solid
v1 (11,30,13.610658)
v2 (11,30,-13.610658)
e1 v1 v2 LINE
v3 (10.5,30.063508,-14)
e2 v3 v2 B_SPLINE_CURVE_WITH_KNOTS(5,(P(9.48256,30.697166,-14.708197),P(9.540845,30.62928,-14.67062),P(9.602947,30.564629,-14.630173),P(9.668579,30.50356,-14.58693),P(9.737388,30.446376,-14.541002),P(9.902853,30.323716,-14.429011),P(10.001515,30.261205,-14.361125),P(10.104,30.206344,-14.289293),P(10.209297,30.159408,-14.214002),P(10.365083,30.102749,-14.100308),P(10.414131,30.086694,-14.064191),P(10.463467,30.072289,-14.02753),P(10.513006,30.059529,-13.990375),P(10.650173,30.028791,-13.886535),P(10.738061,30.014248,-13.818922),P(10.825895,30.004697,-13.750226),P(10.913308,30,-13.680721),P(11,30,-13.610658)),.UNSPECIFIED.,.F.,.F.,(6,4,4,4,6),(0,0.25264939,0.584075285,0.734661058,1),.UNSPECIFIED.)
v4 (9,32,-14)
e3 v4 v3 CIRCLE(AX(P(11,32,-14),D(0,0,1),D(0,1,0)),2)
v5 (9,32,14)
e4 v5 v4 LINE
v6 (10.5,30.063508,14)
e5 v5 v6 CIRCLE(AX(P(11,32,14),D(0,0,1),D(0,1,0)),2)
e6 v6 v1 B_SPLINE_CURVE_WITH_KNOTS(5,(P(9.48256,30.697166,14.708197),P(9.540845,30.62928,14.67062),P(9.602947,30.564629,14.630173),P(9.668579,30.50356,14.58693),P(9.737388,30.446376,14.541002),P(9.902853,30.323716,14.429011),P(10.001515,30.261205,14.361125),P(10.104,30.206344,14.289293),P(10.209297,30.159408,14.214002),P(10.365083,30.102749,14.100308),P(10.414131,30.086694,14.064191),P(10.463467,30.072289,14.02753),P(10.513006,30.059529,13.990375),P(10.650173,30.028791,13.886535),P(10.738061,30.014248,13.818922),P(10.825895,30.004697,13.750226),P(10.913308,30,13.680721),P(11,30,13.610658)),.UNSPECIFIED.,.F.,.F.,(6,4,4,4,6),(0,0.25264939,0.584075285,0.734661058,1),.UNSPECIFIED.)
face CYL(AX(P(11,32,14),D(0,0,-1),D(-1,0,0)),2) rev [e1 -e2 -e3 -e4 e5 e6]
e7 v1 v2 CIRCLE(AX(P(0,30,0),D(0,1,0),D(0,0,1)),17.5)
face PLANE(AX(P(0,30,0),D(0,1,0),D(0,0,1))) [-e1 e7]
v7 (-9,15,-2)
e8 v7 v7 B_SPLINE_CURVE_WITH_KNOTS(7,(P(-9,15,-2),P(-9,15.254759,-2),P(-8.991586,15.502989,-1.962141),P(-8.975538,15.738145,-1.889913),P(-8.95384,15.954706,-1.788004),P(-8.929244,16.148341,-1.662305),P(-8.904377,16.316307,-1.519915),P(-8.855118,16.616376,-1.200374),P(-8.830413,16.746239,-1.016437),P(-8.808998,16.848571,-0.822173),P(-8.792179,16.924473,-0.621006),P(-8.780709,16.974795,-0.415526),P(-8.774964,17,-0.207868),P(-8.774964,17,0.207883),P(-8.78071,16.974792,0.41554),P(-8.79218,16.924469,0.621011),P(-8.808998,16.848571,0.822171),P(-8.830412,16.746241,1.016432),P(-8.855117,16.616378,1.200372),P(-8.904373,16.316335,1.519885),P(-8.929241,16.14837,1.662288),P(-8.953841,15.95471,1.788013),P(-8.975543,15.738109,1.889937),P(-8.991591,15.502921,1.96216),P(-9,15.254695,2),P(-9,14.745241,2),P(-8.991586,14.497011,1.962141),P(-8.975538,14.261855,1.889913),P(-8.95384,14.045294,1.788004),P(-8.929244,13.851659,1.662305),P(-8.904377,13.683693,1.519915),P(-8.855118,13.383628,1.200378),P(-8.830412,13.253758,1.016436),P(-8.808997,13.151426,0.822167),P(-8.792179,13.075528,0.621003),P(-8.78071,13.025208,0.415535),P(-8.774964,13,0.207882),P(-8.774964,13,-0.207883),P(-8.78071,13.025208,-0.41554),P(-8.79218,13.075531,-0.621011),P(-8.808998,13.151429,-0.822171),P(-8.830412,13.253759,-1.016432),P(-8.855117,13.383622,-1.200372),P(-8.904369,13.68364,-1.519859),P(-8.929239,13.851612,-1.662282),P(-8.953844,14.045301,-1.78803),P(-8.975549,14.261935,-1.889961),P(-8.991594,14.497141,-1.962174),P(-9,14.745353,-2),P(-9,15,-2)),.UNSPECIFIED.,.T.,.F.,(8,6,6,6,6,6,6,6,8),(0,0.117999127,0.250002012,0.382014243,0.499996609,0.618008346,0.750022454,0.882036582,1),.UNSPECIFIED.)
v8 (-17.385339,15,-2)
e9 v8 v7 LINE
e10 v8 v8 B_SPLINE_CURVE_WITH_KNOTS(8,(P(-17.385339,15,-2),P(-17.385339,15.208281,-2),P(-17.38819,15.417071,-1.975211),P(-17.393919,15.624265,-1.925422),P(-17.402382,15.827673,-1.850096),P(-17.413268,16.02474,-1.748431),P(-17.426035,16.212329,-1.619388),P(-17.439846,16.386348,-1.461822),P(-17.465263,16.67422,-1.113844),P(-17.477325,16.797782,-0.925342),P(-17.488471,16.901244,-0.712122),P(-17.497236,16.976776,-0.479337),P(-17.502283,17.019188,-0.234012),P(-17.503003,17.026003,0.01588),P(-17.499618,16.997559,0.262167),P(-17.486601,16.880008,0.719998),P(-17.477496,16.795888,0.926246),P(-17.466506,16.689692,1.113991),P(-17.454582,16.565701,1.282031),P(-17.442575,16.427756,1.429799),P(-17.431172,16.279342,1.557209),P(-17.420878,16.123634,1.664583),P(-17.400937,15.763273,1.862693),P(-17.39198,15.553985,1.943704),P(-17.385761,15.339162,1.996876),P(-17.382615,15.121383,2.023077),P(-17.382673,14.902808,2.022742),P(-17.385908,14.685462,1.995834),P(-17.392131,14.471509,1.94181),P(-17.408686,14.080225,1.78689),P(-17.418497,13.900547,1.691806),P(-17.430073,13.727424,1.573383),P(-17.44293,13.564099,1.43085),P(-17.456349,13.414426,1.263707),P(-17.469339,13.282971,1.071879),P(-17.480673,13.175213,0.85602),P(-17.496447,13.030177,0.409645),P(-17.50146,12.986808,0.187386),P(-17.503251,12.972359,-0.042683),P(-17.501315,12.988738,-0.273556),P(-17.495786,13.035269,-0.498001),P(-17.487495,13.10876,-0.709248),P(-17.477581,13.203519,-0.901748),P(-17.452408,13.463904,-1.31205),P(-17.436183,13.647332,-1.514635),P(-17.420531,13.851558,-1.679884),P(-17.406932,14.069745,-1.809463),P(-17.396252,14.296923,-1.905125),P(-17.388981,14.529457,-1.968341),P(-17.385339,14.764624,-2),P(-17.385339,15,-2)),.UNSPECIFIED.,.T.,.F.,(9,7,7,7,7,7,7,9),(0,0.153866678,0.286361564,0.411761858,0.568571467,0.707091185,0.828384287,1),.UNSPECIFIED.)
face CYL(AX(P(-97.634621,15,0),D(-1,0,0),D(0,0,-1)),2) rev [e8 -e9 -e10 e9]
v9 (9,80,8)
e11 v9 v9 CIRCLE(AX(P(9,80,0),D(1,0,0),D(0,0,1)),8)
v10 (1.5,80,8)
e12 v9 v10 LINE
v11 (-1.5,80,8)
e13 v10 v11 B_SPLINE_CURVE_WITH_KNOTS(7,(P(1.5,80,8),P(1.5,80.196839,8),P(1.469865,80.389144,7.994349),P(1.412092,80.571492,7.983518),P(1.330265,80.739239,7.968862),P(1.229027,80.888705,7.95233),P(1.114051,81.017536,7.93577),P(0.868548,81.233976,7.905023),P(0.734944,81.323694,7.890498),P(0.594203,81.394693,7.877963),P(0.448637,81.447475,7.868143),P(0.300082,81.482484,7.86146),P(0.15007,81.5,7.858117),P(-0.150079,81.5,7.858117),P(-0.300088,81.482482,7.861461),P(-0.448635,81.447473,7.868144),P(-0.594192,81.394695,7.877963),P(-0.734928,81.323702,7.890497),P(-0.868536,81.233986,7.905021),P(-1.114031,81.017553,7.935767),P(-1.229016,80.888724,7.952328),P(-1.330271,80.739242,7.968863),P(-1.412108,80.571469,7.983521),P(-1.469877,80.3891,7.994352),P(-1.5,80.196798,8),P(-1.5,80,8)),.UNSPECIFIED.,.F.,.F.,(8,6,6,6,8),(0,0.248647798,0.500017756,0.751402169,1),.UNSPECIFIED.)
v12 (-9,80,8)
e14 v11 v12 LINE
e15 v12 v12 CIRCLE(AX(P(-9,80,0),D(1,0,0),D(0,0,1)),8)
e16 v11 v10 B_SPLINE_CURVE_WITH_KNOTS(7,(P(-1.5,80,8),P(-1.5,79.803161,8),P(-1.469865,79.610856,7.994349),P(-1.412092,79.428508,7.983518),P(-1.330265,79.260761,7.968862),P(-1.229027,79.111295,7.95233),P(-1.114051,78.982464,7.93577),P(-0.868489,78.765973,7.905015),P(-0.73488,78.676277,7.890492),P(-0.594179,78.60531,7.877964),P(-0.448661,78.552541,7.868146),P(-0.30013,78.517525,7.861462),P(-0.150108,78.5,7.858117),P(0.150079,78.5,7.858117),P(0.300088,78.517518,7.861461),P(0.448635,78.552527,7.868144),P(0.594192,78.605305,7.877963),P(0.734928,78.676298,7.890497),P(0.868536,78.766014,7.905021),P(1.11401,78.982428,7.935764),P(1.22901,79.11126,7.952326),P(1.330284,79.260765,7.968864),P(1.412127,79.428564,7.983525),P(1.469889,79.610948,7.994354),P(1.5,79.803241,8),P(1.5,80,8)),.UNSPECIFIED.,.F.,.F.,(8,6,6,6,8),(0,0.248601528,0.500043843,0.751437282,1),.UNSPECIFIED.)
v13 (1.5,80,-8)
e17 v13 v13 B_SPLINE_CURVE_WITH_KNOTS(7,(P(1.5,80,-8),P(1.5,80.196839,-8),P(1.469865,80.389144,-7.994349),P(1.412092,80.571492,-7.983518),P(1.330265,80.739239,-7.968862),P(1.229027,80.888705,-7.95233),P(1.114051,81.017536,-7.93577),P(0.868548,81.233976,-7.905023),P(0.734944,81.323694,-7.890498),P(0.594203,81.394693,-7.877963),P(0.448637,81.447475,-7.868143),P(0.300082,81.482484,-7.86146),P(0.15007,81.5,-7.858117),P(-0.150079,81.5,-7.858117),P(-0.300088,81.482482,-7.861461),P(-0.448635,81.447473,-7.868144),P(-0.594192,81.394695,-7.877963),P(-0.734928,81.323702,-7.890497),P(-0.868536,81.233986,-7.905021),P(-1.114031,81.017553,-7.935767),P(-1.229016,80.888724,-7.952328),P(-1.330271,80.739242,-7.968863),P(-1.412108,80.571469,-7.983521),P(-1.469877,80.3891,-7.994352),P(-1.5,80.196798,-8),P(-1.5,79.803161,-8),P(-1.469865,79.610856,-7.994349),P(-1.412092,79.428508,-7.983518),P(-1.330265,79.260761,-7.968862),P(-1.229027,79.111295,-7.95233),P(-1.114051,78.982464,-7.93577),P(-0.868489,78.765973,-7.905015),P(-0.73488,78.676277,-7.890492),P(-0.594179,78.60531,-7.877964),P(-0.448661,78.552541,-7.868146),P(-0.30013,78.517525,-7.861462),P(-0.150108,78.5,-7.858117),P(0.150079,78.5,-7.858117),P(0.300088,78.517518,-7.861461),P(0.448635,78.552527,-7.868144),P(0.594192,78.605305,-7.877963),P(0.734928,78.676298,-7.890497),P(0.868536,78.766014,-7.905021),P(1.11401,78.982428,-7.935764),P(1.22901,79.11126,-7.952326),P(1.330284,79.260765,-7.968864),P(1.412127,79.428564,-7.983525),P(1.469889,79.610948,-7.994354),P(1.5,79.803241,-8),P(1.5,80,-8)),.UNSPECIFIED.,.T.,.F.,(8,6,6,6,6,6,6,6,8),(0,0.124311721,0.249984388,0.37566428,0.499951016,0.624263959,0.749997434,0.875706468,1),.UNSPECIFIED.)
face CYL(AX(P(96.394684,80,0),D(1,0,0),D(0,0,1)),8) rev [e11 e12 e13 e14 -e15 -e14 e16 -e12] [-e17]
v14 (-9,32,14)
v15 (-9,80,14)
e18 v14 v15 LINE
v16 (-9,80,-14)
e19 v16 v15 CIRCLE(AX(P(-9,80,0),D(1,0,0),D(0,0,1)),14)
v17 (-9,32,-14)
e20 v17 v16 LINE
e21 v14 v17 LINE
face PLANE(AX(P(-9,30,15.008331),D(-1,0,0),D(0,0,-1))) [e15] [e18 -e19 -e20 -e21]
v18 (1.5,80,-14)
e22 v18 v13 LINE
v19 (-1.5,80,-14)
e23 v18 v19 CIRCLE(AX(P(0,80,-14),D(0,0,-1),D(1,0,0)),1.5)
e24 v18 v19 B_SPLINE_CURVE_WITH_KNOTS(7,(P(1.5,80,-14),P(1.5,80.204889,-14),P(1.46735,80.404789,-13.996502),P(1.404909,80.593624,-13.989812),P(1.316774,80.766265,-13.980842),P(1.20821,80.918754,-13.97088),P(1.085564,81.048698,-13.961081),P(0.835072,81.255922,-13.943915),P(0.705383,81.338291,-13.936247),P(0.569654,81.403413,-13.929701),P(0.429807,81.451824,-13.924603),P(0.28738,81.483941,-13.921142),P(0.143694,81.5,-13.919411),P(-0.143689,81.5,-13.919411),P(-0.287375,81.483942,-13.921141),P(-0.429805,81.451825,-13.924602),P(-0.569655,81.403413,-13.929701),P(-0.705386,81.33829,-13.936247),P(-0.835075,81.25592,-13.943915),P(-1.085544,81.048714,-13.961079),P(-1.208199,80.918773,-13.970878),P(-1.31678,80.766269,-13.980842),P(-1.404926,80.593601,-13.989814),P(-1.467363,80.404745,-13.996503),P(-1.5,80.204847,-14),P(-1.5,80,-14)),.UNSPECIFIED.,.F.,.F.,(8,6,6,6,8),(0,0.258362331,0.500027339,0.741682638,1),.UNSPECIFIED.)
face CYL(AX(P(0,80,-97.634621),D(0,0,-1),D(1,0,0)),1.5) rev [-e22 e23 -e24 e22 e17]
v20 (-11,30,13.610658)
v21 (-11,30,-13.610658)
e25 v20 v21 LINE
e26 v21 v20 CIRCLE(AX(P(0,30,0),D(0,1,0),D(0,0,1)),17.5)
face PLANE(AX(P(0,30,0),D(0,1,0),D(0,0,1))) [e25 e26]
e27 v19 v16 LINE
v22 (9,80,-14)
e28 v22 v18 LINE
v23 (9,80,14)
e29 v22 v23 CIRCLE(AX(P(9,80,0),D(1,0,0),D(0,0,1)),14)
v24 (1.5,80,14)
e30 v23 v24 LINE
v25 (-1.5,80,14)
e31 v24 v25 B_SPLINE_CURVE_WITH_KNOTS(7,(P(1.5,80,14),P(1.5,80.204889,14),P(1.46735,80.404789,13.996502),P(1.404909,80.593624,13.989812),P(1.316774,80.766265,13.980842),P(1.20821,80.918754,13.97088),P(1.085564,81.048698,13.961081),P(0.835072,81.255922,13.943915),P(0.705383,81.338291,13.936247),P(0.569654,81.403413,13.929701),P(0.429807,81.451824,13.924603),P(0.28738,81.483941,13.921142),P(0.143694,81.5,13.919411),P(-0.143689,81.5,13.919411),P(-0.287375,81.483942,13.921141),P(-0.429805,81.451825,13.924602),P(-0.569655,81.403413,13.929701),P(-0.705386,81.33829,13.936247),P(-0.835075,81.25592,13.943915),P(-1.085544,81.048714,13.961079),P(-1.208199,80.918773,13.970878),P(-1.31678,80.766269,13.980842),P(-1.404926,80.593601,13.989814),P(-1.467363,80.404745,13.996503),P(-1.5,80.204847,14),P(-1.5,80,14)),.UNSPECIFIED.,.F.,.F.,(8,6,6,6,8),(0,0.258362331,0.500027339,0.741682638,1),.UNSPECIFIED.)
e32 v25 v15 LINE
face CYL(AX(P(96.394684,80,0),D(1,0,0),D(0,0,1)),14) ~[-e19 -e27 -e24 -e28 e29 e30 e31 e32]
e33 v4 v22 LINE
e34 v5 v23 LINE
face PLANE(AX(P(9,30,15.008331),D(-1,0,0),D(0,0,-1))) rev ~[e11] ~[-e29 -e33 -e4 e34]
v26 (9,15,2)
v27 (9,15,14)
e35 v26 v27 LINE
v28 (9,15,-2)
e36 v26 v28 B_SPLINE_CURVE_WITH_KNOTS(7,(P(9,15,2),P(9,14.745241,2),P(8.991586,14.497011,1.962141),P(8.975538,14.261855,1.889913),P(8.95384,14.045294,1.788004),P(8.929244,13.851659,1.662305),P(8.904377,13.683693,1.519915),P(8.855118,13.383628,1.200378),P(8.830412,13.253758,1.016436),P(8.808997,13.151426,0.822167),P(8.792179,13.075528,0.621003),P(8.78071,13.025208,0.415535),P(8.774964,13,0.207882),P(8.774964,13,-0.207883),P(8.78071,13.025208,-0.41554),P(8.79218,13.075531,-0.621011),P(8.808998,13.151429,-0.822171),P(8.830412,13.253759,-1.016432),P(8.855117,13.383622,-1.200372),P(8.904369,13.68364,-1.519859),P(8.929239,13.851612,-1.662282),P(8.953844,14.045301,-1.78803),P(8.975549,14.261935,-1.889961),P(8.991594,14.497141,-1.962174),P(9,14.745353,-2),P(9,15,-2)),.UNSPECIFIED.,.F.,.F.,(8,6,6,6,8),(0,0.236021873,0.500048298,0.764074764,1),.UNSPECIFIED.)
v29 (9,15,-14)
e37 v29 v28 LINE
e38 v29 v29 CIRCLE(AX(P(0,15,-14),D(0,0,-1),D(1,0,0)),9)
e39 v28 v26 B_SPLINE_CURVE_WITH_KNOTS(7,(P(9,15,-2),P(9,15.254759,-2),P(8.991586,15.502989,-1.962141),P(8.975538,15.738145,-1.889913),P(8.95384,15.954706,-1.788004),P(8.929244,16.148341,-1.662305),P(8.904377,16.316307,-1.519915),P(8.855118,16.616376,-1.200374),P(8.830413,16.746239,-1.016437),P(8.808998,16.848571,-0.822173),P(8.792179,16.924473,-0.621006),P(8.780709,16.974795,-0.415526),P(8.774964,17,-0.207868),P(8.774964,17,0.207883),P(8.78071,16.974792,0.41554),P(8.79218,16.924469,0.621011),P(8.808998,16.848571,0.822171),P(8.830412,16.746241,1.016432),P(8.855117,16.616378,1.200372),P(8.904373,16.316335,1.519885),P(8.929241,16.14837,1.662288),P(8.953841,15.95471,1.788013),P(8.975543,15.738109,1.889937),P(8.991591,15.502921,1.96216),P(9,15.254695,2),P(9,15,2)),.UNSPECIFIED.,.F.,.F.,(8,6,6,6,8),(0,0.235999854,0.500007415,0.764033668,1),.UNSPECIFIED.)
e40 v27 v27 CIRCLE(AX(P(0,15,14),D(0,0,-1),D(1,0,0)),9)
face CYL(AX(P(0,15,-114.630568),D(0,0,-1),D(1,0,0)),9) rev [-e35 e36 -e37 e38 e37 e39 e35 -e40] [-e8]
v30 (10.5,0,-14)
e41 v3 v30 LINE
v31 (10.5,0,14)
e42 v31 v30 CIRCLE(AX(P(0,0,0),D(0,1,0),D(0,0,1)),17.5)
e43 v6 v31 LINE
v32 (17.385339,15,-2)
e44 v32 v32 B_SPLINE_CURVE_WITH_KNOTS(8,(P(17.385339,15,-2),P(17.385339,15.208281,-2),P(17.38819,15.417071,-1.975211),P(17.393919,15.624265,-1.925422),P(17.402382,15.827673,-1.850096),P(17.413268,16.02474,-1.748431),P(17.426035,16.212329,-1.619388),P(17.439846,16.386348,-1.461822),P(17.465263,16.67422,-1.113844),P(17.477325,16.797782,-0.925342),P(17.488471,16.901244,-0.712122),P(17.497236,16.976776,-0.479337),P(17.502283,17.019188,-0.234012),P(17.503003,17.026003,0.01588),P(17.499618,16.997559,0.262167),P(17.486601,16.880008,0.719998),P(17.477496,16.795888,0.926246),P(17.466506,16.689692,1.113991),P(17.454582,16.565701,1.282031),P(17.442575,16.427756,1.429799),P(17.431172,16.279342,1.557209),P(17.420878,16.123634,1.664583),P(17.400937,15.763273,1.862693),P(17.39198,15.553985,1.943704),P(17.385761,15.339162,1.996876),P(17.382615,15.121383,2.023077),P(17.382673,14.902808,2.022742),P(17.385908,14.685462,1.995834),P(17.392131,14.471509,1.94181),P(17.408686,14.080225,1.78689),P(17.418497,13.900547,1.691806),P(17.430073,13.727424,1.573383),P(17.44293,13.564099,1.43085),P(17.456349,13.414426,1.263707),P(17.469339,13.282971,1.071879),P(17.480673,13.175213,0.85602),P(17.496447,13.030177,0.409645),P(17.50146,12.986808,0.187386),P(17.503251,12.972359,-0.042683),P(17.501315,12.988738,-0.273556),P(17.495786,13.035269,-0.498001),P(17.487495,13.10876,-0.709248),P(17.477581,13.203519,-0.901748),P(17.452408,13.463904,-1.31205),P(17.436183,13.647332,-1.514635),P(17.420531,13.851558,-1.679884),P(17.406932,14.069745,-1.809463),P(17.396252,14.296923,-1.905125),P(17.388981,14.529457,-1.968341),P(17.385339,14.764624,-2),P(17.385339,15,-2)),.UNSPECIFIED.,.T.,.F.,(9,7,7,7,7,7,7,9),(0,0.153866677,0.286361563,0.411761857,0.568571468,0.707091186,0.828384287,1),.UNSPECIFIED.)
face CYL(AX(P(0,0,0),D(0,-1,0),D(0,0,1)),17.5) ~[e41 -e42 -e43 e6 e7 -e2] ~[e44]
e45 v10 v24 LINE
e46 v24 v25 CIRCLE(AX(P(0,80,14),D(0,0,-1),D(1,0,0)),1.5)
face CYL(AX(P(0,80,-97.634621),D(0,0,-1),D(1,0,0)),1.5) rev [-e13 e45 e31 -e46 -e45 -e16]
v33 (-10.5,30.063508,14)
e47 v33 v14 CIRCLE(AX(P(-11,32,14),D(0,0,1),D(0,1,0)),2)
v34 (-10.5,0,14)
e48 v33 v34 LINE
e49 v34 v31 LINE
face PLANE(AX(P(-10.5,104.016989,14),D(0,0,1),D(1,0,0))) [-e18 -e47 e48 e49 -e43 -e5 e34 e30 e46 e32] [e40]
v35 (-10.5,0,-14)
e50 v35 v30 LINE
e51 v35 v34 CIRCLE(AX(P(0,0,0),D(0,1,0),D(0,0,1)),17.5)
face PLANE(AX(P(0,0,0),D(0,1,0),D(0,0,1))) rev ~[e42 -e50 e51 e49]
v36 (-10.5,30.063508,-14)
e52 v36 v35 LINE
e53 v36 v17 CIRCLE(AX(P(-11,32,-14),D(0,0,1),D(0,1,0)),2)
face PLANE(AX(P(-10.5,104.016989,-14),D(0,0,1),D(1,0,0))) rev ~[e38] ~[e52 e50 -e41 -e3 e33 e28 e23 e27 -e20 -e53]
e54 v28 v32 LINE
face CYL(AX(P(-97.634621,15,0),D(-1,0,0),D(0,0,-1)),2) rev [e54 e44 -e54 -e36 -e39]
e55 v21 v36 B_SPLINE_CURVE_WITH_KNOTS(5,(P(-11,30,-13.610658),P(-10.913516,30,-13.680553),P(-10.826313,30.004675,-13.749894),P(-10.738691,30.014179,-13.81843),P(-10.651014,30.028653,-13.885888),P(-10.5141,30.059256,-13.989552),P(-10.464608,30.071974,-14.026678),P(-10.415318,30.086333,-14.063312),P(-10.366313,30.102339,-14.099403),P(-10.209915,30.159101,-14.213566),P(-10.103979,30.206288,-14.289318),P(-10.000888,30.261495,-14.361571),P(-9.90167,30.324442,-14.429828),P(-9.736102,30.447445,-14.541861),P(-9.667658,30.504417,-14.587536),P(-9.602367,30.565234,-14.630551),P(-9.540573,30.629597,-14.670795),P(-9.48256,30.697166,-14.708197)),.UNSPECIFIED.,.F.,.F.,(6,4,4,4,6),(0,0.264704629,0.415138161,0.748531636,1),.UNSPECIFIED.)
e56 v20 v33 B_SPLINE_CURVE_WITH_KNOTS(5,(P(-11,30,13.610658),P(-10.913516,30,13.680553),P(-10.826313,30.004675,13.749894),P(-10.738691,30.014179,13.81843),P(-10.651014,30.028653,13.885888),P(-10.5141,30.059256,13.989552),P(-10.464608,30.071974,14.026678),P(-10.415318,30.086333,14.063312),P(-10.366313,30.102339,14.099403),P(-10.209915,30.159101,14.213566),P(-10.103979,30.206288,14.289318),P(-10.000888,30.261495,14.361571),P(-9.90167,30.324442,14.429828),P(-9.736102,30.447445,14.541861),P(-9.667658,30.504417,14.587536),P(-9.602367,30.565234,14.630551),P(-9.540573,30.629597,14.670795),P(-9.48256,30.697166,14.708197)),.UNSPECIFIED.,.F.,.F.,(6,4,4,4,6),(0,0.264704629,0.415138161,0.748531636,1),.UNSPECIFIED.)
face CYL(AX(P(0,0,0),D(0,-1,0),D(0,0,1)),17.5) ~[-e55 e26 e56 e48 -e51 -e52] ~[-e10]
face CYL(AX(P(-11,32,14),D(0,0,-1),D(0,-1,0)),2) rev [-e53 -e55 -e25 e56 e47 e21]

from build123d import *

# Parameters (mm, degrees)
SKETCH1_R               = 17.5
BOSS_EXTRUDE1_DEPTH     = 30
SKETCH2_W               = 18
SKETCH2_H               = 30.01666204
BOSS_EXTRUDE2_DEPTH     = 70
CUT_EXTRUDE1_DEPTH      = 104.01698889
CUT_EXTRUDE1_DEPTH_BACK = 104.01698889
CUT_EXTRUDE2_DEPTH      = 105.394683773
CUT_EXTRUDE2_DEPTH_BACK = 105.394683773
SKETCH4_R               = 8
CUT_EXTRUDE3_DEPTH      = 100.630567599
CUT_EXTRUDE3_DEPTH_BACK = 100.630567599
SKETCH6_R               = 9
FILLET1_R               = 2
CUT_EXTRUDE4_DEPTH      = 97.634621158
CUT_EXTRUDE4_DEPTH_BACK = 97.634621158
SKETCH7_R               = 2
CUT_EXTRUDE5_DEPTH      = 97.634621159
CUT_EXTRUDE5_DEPTH_BACK = 97.634621159
SKETCH8_R               = 1.5


with BuildPart() as part:
    # Sketch1 → Boss-Extrude1 (new body)
    with BuildSketch(Plane(origin=(0, 0, 0), x_dir=(1, 0, 0), z_dir=(0, 1, 0))):
        with Locations(Location((0, 0, 0), (0, 0, 270))):
            Circle(SKETCH1_R)
    extrude(amount=BOSS_EXTRUDE1_DEPTH)

    # Sketch2 → Boss-Extrude2 (add)
    with BuildSketch(Plane(origin=(0, 30, 0), x_dir=(1, 0, 0), z_dir=(0, 1, 0))):
        Rectangle(SKETCH2_W, SKETCH2_H)
    extrude(amount=BOSS_EXTRUDE2_DEPTH)

    # Sketch3 → Cut-Extrude1 (cut, two sides: drawn at the far end of the back side and taken through both)
    with BuildSketch(Plane.XZ.offset(-CUT_EXTRUDE1_DEPTH_BACK)):
        with BuildLine():
            Line((-10.5, -14), (10.5, -14))
            ThreePointArc((10.5, -14), (0, -17.5), (-10.5, -14))
        make_face()
        with BuildLine():
            Line((-10.5, 14), (10.5, 14))
            ThreePointArc((10.5, 14), (0, 17.5), (-10.5, 14))
        make_face()
    extrude(amount=CUT_EXTRUDE1_DEPTH + CUT_EXTRUDE1_DEPTH_BACK, mode=Mode.SUBTRACT)

    # Sketch4 → Cut-Extrude2 (cut, two sides: drawn at the far end of the back side and taken through both)
    with BuildSketch(Plane.ZY.offset(9).offset(-CUT_EXTRUDE2_DEPTH_BACK)):
        with Locations((0, 80)):
            Circle(SKETCH4_R)
        with BuildLine():
            Line((-14, 80), (-32.866525809, 80))
            Line((-32.866525809, 80), (-32.866525809, 110.116185887))
            Line((-32.866525809, 110.116185887), (25.904661095, 110.116185887))
            Line((25.904661095, 110.116185887), (25.904661095, 80))
            Line((25.904661095, 80), (14, 80))
            ThreePointArc((14, 80), (0, 94), (-14, 80))
        make_face()
    extrude(amount=CUT_EXTRUDE2_DEPTH + CUT_EXTRUDE2_DEPTH_BACK, mode=Mode.SUBTRACT)

    # Sketch6 → Cut-Extrude3 (cut, two sides: drawn at the far end of the back side and taken through both)
    with BuildSketch(Plane.XY.offset(-14).offset(-CUT_EXTRUDE3_DEPTH_BACK)):
        with Locations((0, 15)):
            Circle(SKETCH6_R)
    extrude(amount=CUT_EXTRUDE3_DEPTH + CUT_EXTRUDE3_DEPTH_BACK, mode=Mode.SUBTRACT)

    # Fillet1
    fillet1_edges = [part.edges().sort_by_distance(p)[0] for p in [
        (9, 30, 0),
        (-9, 30, 0),
    ]]
    fillet(fillet1_edges, radius=FILLET1_R)

    # Sketch7 → Cut-Extrude4 (cut, two sides: drawn at the far end of the back side and taken through both)
    with BuildSketch(Plane(origin=(0, 0, 0), x_dir=(0, 0, -1), z_dir=(1, 0, 0)).offset(-CUT_EXTRUDE4_DEPTH_BACK)):
        with Locations((0, 15)):
            Circle(SKETCH7_R)
    extrude(amount=CUT_EXTRUDE4_DEPTH + CUT_EXTRUDE4_DEPTH_BACK, mode=Mode.SUBTRACT)

    # Sketch8 → Cut-Extrude5 (cut, two sides: drawn at the far end of the back side and taken through both)
    with BuildSketch(Plane.XY.offset(-CUT_EXTRUDE5_DEPTH_BACK)):
        with Locations((0, 80)):
            Circle(SKETCH8_R)
    extrude(amount=CUT_EXTRUDE5_DEPTH + CUT_EXTRUDE5_DEPTH_BACK, mode=Mode.SUBTRACT)


solid = part.part
